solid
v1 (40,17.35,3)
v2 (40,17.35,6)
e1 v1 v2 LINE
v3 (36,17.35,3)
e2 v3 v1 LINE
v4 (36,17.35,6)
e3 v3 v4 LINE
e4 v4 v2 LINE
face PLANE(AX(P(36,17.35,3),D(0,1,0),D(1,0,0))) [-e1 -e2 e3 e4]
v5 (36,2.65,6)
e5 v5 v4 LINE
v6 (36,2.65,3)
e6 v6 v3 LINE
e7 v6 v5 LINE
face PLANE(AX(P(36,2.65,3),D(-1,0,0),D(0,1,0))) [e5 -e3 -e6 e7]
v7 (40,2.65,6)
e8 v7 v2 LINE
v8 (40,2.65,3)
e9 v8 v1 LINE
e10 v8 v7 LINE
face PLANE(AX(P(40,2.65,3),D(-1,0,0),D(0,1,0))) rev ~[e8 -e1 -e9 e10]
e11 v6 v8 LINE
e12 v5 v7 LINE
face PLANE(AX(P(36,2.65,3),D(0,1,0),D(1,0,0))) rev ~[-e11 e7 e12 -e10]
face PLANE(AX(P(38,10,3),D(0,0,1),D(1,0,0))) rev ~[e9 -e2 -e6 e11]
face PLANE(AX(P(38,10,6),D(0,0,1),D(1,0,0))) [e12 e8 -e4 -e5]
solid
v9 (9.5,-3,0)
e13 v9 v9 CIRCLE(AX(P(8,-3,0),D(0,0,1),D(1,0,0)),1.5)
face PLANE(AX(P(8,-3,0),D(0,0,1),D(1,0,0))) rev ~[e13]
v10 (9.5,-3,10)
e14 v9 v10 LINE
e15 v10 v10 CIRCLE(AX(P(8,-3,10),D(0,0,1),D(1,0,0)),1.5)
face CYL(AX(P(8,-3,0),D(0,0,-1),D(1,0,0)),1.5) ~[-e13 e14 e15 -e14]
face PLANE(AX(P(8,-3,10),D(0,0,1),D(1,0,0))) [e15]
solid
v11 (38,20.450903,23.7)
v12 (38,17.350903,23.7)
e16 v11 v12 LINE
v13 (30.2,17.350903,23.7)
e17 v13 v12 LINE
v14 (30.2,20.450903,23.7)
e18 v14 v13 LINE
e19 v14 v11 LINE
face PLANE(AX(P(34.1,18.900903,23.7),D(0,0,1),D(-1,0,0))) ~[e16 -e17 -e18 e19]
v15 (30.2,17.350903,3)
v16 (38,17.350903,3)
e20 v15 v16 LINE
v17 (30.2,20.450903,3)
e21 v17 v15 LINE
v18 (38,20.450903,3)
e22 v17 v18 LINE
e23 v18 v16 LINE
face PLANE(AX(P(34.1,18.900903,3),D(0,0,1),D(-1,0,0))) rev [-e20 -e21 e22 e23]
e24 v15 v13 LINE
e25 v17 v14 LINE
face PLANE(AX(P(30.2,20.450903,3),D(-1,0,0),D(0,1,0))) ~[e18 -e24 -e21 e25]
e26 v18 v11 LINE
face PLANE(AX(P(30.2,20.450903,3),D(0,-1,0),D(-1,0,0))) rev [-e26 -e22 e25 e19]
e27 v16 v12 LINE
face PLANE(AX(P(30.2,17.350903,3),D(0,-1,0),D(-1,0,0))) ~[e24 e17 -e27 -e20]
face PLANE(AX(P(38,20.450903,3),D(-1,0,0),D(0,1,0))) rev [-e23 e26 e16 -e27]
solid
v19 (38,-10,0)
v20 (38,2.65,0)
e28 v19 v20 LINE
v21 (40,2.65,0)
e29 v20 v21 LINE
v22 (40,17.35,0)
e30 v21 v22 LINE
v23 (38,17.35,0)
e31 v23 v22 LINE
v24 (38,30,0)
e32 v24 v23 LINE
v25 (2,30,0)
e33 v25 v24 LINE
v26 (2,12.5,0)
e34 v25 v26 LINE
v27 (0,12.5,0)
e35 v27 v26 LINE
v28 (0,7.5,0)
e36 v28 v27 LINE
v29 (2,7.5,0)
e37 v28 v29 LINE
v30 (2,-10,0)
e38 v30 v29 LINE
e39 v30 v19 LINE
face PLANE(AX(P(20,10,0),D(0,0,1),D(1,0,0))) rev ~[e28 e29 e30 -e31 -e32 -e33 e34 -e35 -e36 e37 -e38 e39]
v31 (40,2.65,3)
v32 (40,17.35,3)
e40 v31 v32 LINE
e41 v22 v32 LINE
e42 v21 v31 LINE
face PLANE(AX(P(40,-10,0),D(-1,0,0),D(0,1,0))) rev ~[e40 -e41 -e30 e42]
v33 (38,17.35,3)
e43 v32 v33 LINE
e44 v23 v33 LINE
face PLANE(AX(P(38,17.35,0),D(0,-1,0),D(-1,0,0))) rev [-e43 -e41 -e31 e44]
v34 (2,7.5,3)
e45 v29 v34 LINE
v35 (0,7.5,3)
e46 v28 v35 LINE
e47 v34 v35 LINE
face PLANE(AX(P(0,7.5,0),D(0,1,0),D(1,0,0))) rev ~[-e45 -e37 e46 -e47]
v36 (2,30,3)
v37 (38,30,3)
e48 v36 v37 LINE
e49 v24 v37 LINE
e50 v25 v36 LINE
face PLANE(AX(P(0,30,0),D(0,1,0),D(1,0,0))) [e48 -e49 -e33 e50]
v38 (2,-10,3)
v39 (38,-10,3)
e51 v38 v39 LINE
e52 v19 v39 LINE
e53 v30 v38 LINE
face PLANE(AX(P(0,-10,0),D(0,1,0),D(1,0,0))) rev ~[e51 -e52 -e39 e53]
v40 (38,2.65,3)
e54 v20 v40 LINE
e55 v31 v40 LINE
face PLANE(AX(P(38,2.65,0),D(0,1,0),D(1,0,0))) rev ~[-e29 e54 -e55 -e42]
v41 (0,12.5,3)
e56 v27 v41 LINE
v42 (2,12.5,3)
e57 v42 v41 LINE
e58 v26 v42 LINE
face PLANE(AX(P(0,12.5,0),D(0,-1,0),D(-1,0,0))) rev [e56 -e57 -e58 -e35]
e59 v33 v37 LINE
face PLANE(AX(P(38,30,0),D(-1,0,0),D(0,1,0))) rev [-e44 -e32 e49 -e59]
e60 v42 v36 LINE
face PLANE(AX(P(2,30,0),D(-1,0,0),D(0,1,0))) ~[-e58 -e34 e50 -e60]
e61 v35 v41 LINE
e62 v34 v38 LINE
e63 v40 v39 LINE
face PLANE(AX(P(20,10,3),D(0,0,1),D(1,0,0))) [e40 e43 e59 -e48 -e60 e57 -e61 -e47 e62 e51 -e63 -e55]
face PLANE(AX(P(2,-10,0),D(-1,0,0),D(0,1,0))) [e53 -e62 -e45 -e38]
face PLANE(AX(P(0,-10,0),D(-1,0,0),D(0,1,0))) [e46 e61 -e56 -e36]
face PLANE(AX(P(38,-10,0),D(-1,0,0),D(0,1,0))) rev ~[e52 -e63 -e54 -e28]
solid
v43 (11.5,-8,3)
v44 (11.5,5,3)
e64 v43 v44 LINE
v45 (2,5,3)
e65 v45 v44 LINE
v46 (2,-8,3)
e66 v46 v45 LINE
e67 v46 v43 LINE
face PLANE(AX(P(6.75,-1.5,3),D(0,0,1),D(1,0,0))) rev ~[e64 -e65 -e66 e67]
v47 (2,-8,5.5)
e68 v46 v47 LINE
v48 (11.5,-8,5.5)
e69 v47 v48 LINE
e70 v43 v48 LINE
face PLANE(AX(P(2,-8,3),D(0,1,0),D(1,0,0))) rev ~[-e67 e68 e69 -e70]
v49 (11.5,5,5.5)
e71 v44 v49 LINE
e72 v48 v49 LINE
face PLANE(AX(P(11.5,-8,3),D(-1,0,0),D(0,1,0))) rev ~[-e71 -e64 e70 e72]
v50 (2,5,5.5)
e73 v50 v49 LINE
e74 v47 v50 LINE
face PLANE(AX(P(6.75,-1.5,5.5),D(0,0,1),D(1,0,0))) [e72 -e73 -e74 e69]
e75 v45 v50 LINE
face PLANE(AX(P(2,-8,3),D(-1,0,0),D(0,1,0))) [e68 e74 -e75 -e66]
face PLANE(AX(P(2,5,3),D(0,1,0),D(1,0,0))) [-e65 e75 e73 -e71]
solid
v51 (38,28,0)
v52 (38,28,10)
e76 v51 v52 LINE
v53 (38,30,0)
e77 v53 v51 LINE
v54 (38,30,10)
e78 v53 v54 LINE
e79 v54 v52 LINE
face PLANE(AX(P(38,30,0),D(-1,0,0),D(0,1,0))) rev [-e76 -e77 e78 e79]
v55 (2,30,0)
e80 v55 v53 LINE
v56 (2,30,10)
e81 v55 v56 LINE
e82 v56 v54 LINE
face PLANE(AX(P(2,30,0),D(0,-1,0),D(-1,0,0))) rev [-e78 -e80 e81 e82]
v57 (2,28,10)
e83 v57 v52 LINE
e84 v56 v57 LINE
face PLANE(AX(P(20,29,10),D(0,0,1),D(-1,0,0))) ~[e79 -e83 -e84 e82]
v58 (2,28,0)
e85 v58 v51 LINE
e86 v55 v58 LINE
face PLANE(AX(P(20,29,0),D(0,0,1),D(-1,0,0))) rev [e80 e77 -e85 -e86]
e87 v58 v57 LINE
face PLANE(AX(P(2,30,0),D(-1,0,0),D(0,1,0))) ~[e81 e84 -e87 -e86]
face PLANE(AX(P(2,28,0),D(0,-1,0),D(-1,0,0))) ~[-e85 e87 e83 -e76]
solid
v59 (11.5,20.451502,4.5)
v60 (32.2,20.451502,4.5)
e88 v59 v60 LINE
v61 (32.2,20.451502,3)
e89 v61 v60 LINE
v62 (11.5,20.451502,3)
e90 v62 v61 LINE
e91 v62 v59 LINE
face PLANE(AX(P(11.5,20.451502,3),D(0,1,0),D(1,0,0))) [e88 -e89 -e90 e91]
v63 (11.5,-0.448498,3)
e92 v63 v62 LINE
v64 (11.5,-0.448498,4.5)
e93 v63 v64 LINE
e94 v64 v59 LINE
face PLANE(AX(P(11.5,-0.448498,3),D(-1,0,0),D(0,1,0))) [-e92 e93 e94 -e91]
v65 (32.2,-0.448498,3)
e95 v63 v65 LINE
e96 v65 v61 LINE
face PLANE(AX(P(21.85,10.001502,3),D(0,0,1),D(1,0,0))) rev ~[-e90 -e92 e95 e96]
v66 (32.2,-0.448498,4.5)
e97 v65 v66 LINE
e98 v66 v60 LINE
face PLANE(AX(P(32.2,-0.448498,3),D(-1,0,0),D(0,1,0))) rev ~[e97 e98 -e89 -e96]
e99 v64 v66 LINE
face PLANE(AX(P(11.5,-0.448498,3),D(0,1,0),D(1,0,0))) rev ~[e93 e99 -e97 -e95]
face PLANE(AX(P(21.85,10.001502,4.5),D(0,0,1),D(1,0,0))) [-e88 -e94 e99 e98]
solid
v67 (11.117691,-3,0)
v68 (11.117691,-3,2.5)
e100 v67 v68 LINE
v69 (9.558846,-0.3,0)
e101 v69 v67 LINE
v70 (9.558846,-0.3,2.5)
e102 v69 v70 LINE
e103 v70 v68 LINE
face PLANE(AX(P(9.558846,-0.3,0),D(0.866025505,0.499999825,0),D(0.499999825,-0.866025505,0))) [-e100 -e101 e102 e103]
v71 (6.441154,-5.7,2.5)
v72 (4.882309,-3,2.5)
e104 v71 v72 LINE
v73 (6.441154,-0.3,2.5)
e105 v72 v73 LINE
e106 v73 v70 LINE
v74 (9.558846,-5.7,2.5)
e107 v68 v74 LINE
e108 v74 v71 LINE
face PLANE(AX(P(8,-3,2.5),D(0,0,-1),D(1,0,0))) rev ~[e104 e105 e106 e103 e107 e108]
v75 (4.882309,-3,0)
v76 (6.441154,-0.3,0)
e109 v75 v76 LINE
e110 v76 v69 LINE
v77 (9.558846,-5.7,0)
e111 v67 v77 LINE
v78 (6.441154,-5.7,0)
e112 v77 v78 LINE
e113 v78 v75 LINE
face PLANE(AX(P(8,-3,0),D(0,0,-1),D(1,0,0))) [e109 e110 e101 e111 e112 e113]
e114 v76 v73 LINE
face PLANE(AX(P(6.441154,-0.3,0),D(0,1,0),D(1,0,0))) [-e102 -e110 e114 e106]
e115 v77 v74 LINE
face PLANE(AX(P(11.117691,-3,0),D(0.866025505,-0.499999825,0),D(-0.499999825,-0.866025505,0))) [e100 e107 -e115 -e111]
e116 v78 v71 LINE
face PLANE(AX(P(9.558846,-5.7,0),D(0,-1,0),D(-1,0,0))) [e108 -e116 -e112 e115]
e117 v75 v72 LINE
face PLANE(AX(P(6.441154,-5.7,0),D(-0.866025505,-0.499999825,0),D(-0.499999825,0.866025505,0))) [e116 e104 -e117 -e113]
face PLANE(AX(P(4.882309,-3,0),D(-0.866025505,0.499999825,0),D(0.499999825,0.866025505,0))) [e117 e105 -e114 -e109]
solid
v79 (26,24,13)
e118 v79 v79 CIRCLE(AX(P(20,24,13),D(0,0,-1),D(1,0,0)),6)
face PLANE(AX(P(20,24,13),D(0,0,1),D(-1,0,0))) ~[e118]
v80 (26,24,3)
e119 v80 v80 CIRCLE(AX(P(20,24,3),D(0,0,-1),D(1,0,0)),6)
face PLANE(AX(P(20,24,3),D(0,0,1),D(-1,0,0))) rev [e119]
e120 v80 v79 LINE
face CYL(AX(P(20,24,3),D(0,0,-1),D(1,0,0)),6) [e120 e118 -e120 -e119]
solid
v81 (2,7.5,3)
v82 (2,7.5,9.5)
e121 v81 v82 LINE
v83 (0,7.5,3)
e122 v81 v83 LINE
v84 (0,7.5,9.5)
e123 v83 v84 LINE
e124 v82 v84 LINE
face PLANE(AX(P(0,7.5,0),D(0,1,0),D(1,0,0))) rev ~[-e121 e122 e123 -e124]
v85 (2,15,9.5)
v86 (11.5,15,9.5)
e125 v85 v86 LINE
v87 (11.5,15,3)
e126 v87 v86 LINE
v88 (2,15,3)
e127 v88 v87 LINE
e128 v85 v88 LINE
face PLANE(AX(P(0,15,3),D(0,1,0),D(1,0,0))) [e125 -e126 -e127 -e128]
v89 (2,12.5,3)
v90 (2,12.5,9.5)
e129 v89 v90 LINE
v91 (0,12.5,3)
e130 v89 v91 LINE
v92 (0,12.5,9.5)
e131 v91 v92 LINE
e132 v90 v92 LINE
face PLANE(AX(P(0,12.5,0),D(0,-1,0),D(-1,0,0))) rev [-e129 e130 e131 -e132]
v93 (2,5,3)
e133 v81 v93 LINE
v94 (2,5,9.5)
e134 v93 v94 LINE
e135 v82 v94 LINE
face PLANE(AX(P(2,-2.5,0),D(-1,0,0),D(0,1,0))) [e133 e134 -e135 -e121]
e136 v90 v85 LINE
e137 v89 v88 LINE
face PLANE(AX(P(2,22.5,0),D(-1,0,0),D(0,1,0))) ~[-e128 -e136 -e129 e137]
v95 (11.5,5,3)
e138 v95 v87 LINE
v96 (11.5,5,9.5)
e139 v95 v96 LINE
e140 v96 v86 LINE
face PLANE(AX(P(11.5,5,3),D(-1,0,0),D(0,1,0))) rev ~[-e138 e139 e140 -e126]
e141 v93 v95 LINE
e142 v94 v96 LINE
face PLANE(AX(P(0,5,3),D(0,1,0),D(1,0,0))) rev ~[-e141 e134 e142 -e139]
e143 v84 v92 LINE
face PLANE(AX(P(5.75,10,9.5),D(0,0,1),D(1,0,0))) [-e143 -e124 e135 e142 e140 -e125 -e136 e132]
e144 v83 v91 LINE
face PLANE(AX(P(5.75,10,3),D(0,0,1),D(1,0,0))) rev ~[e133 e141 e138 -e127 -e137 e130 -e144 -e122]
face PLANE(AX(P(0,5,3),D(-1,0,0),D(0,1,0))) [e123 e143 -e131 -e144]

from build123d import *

# Parameters (mm, degrees)
BOX002_W          = 2
BOX002_H          = 12.65
BOX002_DEPTH      = 10
BOX001_W          = 2
BOX001_H          = 17.5
BOX001_DEPTH      = 10
BOX_W             = 40
BOX_H             = 40
BOX_DEPTH         = 3
BOX003_W          = 4
BOX003_H          = 14.7
BOX003_DEPTH      = 3
BOX004_W          = 7.8
BOX004_H          = 3.1
BOX004_DEPTH      = 20.7
BOX006_W          = 2
BOX006_H          = 10
BOX006_DEPTH      = 10
BOX005_W          = 11.5
BOX005_H          = 10
BOX005_DEPTH      = 6.5
BOX007_W          = 20.7
BOX007_H          = 20.9
BOX007_DEPTH      = 1.5
CYLINDER_R        = 6
CYLINDER_DEPTH    = 10
CYLINDER001_R     = 1.5
CYLINDER001_DEPTH = 10
BOX008_W          = 36
BOX008_H          = 2
BOX008_DEPTH      = 10
BOX009_W          = 9.5
BOX009_H          = 13
BOX009_DEPTH      = 2.5
EXTRUDE_DEPTH     = 2.5


with BuildPart() as cube002:
    # Box002 → Box002 (new body)
    with BuildSketch(Plane(origin=(38, -10, 0), x_dir=(1, 0, 0), z_dir=(0, 0, 1))):
        with Locations((1, 6.325)):
            Rectangle(BOX002_W, BOX002_H)
    extrude(amount=BOX002_DEPTH)


with BuildPart() as part_mirroring001:
    # Part__Mirroring001: instance of Cube002
    add(cube002.part.mirror(Plane(origin=(0, 0, 0), x_dir=(1, 0, 0), z_dir=(0, 1, 0))))


with BuildPart() as part_mirroring001_1:
    # Part__Mirroring001 placement: moved
    add(part_mirroring001.part.moved(Location((0, 20, 0))))


with BuildPart() as cube001:
    # Box001 → Box001 (new body)
    with BuildSketch(Plane(origin=(0, -10, 0), x_dir=(1, 0, 0), z_dir=(0, 0, 1))):
        with Locations((1, 8.75)):
            Rectangle(BOX001_W, BOX001_H)
    extrude(amount=BOX001_DEPTH)


with BuildPart() as part_mirroring:
    # Part__Mirroring: instance of Cube001
    add(cube001.part.mirror(Plane(origin=(0, 0, 0), x_dir=(1, 0, 0), z_dir=(0, 1, 0))))


with BuildPart() as part_mirroring_1:
    # Part__Mirroring placement: moved
    add(part_mirroring.part.moved(Location((0, 20, 0))))


with BuildPart() as cut003:
    # Box → Box (new body)
    with BuildSketch(Plane(origin=(0, -10, 0), x_dir=(1, 0, 0), z_dir=(0, 0, 1))):
        with Locations((20, 20)):
            Rectangle(BOX_W, BOX_H)
    extrude(amount=BOX_DEPTH)

    # Cut: cut Part__Mirroring
    add(part_mirroring_1.part, mode=Mode.SUBTRACT)

    # Cut001: cut Cube001
    add(cube001.part, mode=Mode.SUBTRACT)

    # Cut002: cut Part__Mirroring001
    add(part_mirroring001_1.part, mode=Mode.SUBTRACT)

    # Cut003: cut Cube002
    add(cube002.part, mode=Mode.SUBTRACT)


with BuildPart() as cube003:
    # Box003 → Box003 (new body)
    with BuildSketch(Plane(origin=(36, 2.65, 3), x_dir=(1, 0, 0), z_dir=(0, 0, 1))):
        with Locations((2, 7.35)):
            Rectangle(BOX003_W, BOX003_H)
    extrude(amount=BOX003_DEPTH)


with BuildPart() as cube004:
    # Box004 → Box004 (new body)
    with BuildSketch(Plane(origin=(30.2, -0.450903, 3), x_dir=(1, 0, 0), z_dir=(0, 0, 1))):
        with Locations((3.9, 1.55)):
            Rectangle(BOX004_W, BOX004_H)
    extrude(amount=BOX004_DEPTH)


with BuildPart() as part_mirroring002:
    # Part__Mirroring002: instance of Cube004
    add(cube004.part.mirror(Plane(origin=(0, 0, 0), x_dir=(1, 0, 0), z_dir=(0, 1, 0))))


with BuildPart() as part_mirroring002_1:
    # Part__Mirroring002 placement: moved
    add(part_mirroring002.part.moved(Location((0, 20, 0))))


with BuildPart() as cube006:
    # Box006 → Box006 (new body)
    with BuildSketch(Plane(origin=(0, -2.5, 0), x_dir=(1, 0, 0), z_dir=(0, 0, 1))):
        with Locations((1, 5)):
            Rectangle(BOX006_W, BOX006_H)
    extrude(amount=BOX006_DEPTH)


with BuildPart() as part_mirroring003:
    # Part__Mirroring003: instance of Cube006
    add(cube006.part.mirror(Plane(origin=(0, 0, 0), x_dir=(1, 0, 0), z_dir=(0, 1, 0))))


with BuildPart() as part_mirroring003_1:
    # Part__Mirroring003 placement: moved
    add(part_mirroring003.part.moved(Location((0, 20, 0))))


with BuildPart() as cut005:
    # Box005 → Box005 (new body)
    with BuildSketch(Plane(origin=(0, 5, 3), x_dir=(1, 0, 0), z_dir=(0, 0, 1))):
        with Locations((5.75, 5)):
            Rectangle(BOX005_W, BOX005_H)
    extrude(amount=BOX005_DEPTH)

    # Cut004: cut Cube006
    add(cube006.part, mode=Mode.SUBTRACT)

    # Cut005: cut Part__Mirroring003
    add(part_mirroring003_1.part, mode=Mode.SUBTRACT)


with BuildPart() as cube007:
    # Box007 → Box007 (new body)
    with BuildSketch(Plane(origin=(11.5, -0.448498, 3), x_dir=(1, 0, 0), z_dir=(0, 0, 1))):
        with Locations((10.35, 10.45)):
            Rectangle(BOX007_W, BOX007_H)
    extrude(amount=BOX007_DEPTH)


with BuildPart() as cylinder:
    # Cylinder → Cylinder (new body)
    with BuildSketch(Plane(origin=(20, -4, 3), x_dir=(1, 0, 0), z_dir=(0, 0, 1))):
        Circle(CYLINDER_R)
    extrude(amount=CYLINDER_DEPTH)


with BuildPart() as part_mirroring004:
    # Part__Mirroring004: instance of Cylinder
    add(cylinder.part.mirror(Plane(origin=(0, 0, 0), x_dir=(1, 0, 0), z_dir=(0, 1, 0))))


with BuildPart() as part_mirroring004_1:
    # Part__Mirroring004 placement: moved
    add(part_mirroring004.part.moved(Location((0, 20, 0))))


with BuildPart() as cylinder001:
    # Cylinder001 → Cylinder001 (new body)
    with BuildSketch(Plane(origin=(8, -3, 0), x_dir=(1, 0, 0), z_dir=(0, 0, 1))):
        Circle(CYLINDER001_R)
    extrude(amount=CYLINDER001_DEPTH)


with BuildPart() as cube008:
    # Box008 → Box008 (new body)
    with BuildSketch(Plane(origin=(2, -10, 0), x_dir=(1, 0, 0), z_dir=(0, 0, 1))):
        with Locations((18, 1)):
            Rectangle(BOX008_W, BOX008_H)
    extrude(amount=BOX008_DEPTH)


with BuildPart() as cube008_mirrored:
    # mirror: instance of Cube008
    add(cube008.part.mirror(Plane(origin=(0, 10, 0), x_dir=(-1, 0, 0), z_dir=(0, -1, 0))))


with BuildPart() as cube009:
    # Box009 → Box009 (new body)
    with BuildSketch(Plane(origin=(2, -8, 3), x_dir=(1, 0, 0), z_dir=(0, 0, 1))):
        with Locations((4.75, 6.5)):
            Rectangle(BOX009_W, BOX009_H)
    extrude(amount=BOX009_DEPTH)


with BuildPart() as extrude_body:
    # Sketch (on Face3 of Cylinder001) → Extrude (new body)
    with BuildSketch(Plane(origin=(8, -3, 0), x_dir=(1, 0, 0), z_dir=(0, 0, -1))):
        Polygon((3.117691, 0), (1.558846, 2.7), (-1.558846, 2.7), (-3.117691, 0), (-1.558846, -2.7), (1.558846, -2.7), align=None)
    extrude(amount=-EXTRUDE_DEPTH)


solid = Compound([cut003.part, cube003.part, part_mirroring002_1.part, cut005.part, cube007.part, part_mirroring004_1.part, cylinder001.part, cube008_mirrored.part, cube009.part, extrude_body.part])
